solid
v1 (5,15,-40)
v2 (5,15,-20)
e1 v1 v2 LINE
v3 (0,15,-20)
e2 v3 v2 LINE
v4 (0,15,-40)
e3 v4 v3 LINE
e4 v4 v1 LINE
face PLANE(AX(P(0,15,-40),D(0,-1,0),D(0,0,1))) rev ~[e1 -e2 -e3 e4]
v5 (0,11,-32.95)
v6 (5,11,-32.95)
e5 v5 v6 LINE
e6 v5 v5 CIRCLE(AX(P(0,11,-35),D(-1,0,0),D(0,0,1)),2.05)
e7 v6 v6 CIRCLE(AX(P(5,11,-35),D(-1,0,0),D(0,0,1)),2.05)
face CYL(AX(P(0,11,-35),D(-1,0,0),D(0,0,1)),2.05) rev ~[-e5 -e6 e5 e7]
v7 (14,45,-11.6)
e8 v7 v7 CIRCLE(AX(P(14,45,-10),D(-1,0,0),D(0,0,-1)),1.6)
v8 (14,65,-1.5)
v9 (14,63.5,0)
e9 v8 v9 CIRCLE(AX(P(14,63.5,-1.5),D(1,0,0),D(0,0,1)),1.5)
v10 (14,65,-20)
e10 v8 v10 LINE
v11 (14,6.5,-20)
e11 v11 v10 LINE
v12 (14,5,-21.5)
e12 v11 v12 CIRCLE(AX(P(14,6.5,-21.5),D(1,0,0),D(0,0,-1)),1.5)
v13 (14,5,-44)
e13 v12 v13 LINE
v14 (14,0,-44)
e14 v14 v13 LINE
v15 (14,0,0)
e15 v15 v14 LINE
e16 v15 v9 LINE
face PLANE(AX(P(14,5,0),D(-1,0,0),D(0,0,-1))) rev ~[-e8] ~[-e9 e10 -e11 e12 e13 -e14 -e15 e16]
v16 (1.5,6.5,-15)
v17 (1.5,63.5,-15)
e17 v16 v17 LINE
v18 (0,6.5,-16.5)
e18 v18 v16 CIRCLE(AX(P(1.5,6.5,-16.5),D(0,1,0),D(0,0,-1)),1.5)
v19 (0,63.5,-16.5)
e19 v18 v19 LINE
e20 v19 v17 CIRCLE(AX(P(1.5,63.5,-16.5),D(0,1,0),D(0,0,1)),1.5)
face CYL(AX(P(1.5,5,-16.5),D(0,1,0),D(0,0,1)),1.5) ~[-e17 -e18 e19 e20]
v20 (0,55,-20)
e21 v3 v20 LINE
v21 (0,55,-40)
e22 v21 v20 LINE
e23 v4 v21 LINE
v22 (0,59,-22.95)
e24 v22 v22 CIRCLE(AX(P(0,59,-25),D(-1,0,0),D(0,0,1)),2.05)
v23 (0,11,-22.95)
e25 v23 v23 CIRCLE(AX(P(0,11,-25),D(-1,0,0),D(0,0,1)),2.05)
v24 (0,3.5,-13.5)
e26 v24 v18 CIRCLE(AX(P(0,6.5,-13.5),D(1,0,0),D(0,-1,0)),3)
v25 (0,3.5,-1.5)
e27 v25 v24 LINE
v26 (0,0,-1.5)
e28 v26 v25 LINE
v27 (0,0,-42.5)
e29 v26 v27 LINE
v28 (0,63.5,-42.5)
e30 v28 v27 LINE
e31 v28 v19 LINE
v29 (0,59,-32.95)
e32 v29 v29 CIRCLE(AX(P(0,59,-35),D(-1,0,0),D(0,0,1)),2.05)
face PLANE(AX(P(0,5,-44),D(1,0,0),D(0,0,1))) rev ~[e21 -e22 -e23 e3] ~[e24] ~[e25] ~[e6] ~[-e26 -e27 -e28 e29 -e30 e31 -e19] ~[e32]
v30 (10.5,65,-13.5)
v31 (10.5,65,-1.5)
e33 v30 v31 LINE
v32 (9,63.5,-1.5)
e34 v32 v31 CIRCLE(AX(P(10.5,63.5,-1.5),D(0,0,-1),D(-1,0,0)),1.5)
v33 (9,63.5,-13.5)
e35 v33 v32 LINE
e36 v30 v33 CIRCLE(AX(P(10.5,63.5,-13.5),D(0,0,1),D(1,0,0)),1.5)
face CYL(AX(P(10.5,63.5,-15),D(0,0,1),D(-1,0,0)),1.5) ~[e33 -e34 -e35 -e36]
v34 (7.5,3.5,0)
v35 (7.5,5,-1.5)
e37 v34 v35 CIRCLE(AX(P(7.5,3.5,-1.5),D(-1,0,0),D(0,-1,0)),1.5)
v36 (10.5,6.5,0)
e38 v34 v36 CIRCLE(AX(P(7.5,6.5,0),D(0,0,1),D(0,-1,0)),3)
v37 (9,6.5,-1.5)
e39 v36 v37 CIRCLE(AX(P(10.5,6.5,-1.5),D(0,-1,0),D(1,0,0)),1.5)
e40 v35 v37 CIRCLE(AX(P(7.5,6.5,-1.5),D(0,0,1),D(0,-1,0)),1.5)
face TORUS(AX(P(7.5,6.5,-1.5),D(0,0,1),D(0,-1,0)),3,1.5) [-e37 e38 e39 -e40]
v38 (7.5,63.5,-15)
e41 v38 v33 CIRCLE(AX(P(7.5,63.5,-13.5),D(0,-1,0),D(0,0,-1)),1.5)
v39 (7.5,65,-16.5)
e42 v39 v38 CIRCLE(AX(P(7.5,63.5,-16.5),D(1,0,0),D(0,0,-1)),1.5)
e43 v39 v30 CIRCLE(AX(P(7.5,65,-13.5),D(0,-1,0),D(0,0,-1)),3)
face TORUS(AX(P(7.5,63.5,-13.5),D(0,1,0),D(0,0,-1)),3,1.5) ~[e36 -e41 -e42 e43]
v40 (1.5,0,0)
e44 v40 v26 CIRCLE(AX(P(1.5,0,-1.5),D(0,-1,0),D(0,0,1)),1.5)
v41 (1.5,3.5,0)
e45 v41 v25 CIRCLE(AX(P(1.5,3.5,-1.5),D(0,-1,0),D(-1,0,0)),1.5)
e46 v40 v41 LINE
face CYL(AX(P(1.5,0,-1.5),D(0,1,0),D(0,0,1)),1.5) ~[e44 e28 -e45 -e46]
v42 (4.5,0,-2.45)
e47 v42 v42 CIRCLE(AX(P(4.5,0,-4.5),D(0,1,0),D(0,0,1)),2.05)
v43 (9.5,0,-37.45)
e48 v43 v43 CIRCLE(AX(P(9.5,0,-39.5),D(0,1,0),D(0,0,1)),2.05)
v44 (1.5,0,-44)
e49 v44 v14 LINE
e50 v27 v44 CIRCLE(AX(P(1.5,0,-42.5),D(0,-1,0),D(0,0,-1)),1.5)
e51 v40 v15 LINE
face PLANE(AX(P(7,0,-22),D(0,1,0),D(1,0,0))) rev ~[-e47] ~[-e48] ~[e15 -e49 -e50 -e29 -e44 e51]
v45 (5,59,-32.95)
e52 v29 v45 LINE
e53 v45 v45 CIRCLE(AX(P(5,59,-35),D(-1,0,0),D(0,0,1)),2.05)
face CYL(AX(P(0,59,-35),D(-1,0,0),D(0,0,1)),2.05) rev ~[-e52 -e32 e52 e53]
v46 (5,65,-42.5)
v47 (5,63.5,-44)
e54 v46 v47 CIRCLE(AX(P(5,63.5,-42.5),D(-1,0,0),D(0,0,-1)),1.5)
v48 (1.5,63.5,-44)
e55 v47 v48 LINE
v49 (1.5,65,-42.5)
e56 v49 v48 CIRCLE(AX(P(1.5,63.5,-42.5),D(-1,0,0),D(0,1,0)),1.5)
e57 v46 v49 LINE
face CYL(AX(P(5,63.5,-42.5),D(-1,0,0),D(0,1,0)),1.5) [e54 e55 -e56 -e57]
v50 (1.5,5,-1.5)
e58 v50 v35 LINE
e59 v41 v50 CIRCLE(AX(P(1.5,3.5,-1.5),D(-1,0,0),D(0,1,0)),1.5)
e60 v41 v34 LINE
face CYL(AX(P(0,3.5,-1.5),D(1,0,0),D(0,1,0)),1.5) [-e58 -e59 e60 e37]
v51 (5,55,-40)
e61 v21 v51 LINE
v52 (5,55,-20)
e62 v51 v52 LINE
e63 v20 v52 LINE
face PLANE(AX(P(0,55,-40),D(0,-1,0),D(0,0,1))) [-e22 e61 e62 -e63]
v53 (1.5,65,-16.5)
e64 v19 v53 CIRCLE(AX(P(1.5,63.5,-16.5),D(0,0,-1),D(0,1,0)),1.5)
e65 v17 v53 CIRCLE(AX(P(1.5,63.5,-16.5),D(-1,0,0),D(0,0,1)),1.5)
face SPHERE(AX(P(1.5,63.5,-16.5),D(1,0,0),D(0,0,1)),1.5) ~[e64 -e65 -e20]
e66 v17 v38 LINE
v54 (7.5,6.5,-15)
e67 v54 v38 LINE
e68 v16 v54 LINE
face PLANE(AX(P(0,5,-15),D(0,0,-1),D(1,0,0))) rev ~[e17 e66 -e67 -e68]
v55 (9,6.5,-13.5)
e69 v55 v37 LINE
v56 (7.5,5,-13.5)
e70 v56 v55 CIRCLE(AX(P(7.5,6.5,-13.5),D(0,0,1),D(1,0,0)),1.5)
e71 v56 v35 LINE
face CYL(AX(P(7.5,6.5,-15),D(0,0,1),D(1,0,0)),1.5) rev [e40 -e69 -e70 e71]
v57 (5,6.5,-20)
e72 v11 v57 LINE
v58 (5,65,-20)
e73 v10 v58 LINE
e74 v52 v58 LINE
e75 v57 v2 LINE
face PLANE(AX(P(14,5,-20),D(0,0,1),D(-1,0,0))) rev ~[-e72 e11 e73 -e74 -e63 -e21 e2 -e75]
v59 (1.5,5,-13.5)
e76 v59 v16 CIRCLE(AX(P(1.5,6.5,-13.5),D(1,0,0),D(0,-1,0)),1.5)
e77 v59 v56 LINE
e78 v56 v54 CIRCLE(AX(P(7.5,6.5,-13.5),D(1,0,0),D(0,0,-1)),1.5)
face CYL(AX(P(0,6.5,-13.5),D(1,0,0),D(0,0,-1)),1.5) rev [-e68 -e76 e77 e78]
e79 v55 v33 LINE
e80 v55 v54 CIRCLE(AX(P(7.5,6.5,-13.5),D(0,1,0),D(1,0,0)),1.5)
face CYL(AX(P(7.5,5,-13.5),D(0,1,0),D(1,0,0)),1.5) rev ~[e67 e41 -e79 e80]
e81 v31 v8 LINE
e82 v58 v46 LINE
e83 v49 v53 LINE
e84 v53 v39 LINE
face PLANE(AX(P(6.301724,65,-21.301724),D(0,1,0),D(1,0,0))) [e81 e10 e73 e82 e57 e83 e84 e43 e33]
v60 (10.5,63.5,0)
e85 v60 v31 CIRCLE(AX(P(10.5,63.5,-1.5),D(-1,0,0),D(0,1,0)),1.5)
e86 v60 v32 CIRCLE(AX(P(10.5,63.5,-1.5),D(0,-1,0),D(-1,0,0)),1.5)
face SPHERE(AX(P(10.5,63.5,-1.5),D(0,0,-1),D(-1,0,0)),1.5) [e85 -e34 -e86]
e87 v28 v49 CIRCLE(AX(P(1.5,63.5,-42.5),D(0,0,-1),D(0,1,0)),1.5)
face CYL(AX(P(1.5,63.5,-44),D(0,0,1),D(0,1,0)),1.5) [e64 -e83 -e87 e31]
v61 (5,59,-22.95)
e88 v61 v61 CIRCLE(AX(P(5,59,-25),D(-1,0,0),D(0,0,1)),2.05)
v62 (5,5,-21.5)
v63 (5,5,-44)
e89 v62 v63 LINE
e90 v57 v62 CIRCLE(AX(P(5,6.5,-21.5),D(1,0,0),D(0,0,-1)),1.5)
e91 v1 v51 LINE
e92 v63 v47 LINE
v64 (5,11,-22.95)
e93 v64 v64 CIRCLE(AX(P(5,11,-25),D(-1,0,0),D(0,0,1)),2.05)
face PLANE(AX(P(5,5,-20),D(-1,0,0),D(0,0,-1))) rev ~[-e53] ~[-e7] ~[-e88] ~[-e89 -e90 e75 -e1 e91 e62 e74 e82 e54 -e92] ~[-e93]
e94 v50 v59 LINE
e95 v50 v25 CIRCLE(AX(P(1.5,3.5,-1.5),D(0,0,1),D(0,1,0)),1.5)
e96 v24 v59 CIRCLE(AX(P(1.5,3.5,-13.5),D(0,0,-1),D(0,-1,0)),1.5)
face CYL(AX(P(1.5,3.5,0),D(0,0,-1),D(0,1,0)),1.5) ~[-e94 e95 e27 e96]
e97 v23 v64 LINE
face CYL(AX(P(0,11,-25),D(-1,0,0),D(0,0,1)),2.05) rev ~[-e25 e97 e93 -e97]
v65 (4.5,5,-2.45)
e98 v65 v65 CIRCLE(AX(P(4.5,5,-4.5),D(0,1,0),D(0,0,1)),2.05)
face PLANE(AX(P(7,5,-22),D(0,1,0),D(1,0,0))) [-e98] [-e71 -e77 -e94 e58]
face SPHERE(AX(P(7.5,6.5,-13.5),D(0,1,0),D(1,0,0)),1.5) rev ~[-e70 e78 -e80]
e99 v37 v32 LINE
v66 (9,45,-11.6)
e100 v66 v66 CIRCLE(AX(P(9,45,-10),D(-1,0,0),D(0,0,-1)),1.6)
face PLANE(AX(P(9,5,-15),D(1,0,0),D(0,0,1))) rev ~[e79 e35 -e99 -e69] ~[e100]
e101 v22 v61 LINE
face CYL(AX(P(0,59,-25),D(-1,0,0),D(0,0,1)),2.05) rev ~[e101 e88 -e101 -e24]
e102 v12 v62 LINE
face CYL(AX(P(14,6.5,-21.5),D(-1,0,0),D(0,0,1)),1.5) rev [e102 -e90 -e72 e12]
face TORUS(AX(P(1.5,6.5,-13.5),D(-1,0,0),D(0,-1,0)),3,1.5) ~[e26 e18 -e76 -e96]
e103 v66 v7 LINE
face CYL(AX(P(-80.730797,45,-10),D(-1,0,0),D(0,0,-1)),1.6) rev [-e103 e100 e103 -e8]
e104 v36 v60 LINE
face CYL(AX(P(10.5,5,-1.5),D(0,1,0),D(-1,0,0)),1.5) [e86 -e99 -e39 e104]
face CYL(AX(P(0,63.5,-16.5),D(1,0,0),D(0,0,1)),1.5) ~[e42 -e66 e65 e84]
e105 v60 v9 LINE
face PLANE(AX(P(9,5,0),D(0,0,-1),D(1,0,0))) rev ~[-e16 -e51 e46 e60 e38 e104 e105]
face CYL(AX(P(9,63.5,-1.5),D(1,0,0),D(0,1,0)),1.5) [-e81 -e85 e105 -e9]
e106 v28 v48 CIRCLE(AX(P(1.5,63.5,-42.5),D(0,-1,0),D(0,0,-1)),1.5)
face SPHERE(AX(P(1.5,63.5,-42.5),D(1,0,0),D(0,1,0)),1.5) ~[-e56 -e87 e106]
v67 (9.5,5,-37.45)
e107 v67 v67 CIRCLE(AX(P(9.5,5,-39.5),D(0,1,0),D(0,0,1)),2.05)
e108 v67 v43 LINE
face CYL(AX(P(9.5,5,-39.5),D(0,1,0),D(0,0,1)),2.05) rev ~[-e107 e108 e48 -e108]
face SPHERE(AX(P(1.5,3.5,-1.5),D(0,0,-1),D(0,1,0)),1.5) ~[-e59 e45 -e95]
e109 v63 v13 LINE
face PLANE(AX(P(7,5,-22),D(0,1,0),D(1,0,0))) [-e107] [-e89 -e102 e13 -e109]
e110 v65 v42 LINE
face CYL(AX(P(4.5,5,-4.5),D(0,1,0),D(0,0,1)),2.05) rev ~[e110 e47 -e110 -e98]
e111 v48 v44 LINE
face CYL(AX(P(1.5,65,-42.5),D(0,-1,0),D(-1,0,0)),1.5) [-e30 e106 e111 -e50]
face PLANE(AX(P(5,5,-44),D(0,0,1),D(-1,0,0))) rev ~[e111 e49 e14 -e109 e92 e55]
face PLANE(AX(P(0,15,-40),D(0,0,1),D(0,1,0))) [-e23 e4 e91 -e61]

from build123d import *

# Parameters (mm, degrees)
ESQUISSE5_W                  = 14
ESQUISSE5_H                  = 44
BOSS_EXTRU_2_DEPTH           = 5
BOSS_EXTRU_3_DEPTH           = 60
ENL_V_MAT_EXTRU_2_DEPTH      = 80.730797061
ENL_V_MAT_EXTRU_2_DEPTH_BACK = 80.730797061
ESQUISSE8_R                  = 1.6
ESQUISSE10_R                 = 2.05
ESQUISSE10_W                 = 20
ESQUISSE10_H                 = 40
ESQUISSE10_R_2               = 1.6
ENL_V_MAT_EXTRU_3_DEPTH      = 80.730797061
ESQUISSE11_R                 = 2.05
ENL_V_MAT_EXTRU_4_DEPTH      = 76.709972923
CONG_3_R                     = 1.5


with BuildPart() as part:
    # Esquisse5 → Boss.-Extru.2 (new body)
    with BuildSketch(Plane(origin=(0, 0, 0), x_dir=(1, 0, 0), z_dir=(0, 1, 0))):
        with Locations((7, 22)):
            Rectangle(ESQUISSE5_W, ESQUISSE5_H)
    extrude(amount=BOSS_EXTRU_2_DEPTH)

    # Esquisse6 → Boss.-Extru.3 (add)
    with BuildSketch(Plane(origin=(0, 5, 0), x_dir=(1, 0, 0), z_dir=(0, 1, 0))):
        Polygon((9, 15), (9, 0), (14, 0), (14, 20), (5, 20), (5, 44), (0, 44), (0, 15), align=None)
    extrude(amount=BOSS_EXTRU_3_DEPTH)

    # Esquisse8 → Enlèv. mat.-Extru.2 (cut, two sides: drawn at the far end of the back side and taken through both)
    with BuildSketch(Plane(origin=(0, 0, 0), x_dir=(0, 0, -1), z_dir=(1, 0, 0)).offset(-ENL_V_MAT_EXTRU_2_DEPTH_BACK)):
        with Locations((30, 25)):
            Circle(ESQUISSE8_R)
        with Locations((10, 45)):
            Circle(ESQUISSE8_R)
    extrude(amount=ENL_V_MAT_EXTRU_2_DEPTH + ENL_V_MAT_EXTRU_2_DEPTH_BACK, mode=Mode.SUBTRACT)

    # Esquisse10 → Enlèv. mat.-Extru.3 (cut, through all)
    # profile 1 of 5: a face of its own
    with BuildSketch(Plane.ZY):
        with Locations((-25, 11)):
            Circle(ESQUISSE10_R)
    # profile 2 of 5: a face of its own
    with BuildSketch(Plane.ZY):
        with Locations((-35, 11)):
            Circle(ESQUISSE10_R)
    # profile 3 of 5: a face of its own
    with BuildSketch(Plane.ZY):
        with Locations((-30, 35)):
            Rectangle(ESQUISSE10_W, ESQUISSE10_H)
        with Locations((-30, 25)):
            Circle(ESQUISSE10_R_2, mode=Mode.SUBTRACT)
    # profile 4 of 5: a face of its own
    with BuildSketch(Plane.ZY):
        with Locations((-25, 59)):
            Circle(ESQUISSE10_R)
    # profile 5 of 5: a face of its own
    with BuildSketch(Plane.ZY):
        with Locations((-35, 59)):
            Circle(ESQUISSE10_R)
    extrude(amount=-ENL_V_MAT_EXTRU_3_DEPTH, mode=Mode.SUBTRACT)

    # Esquisse11 → Enlèv. mat.-Extru.4 (cut, through all)
    with BuildSketch(Plane(origin=(0, 5, 0), x_dir=(1, 0, 0), z_dir=(0, 1, 0))):
        with Locations(Location((9.5, 39.5, 0), (0, 0, 270))):
            Circle(ESQUISSE11_R)
        with Locations(Location((4.5, 4.5, 0), (0, 0, 270))):
            Circle(ESQUISSE11_R)
    extrude(amount=-ENL_V_MAT_EXTRU_4_DEPTH, mode=Mode.SUBTRACT)

    # Congé3
    cong_3_edges = [part.edges().sort_by_distance(p)[0] for p in [
        (0, 5, -7.5),
        (4.5, 65, -15),
        (0, 35, -15),
        (9, 65, -7.5),
        (9, 35, -15),
        (9, 35, 0),
        (2.5, 65, -44),
        (0, 65, -29.5),
        (11.5, 65, 0),
        (9.5, 5, -20),
        (9, 5, -7.5),
        (4.5, 5, -15),
        (4.5, 5, 0),
        (0, 2.5, 0),
        (0, 32.5, -44),
    ]]
    fillet(cong_3_edges, radius=CONG_3_R)


solid = part.part
